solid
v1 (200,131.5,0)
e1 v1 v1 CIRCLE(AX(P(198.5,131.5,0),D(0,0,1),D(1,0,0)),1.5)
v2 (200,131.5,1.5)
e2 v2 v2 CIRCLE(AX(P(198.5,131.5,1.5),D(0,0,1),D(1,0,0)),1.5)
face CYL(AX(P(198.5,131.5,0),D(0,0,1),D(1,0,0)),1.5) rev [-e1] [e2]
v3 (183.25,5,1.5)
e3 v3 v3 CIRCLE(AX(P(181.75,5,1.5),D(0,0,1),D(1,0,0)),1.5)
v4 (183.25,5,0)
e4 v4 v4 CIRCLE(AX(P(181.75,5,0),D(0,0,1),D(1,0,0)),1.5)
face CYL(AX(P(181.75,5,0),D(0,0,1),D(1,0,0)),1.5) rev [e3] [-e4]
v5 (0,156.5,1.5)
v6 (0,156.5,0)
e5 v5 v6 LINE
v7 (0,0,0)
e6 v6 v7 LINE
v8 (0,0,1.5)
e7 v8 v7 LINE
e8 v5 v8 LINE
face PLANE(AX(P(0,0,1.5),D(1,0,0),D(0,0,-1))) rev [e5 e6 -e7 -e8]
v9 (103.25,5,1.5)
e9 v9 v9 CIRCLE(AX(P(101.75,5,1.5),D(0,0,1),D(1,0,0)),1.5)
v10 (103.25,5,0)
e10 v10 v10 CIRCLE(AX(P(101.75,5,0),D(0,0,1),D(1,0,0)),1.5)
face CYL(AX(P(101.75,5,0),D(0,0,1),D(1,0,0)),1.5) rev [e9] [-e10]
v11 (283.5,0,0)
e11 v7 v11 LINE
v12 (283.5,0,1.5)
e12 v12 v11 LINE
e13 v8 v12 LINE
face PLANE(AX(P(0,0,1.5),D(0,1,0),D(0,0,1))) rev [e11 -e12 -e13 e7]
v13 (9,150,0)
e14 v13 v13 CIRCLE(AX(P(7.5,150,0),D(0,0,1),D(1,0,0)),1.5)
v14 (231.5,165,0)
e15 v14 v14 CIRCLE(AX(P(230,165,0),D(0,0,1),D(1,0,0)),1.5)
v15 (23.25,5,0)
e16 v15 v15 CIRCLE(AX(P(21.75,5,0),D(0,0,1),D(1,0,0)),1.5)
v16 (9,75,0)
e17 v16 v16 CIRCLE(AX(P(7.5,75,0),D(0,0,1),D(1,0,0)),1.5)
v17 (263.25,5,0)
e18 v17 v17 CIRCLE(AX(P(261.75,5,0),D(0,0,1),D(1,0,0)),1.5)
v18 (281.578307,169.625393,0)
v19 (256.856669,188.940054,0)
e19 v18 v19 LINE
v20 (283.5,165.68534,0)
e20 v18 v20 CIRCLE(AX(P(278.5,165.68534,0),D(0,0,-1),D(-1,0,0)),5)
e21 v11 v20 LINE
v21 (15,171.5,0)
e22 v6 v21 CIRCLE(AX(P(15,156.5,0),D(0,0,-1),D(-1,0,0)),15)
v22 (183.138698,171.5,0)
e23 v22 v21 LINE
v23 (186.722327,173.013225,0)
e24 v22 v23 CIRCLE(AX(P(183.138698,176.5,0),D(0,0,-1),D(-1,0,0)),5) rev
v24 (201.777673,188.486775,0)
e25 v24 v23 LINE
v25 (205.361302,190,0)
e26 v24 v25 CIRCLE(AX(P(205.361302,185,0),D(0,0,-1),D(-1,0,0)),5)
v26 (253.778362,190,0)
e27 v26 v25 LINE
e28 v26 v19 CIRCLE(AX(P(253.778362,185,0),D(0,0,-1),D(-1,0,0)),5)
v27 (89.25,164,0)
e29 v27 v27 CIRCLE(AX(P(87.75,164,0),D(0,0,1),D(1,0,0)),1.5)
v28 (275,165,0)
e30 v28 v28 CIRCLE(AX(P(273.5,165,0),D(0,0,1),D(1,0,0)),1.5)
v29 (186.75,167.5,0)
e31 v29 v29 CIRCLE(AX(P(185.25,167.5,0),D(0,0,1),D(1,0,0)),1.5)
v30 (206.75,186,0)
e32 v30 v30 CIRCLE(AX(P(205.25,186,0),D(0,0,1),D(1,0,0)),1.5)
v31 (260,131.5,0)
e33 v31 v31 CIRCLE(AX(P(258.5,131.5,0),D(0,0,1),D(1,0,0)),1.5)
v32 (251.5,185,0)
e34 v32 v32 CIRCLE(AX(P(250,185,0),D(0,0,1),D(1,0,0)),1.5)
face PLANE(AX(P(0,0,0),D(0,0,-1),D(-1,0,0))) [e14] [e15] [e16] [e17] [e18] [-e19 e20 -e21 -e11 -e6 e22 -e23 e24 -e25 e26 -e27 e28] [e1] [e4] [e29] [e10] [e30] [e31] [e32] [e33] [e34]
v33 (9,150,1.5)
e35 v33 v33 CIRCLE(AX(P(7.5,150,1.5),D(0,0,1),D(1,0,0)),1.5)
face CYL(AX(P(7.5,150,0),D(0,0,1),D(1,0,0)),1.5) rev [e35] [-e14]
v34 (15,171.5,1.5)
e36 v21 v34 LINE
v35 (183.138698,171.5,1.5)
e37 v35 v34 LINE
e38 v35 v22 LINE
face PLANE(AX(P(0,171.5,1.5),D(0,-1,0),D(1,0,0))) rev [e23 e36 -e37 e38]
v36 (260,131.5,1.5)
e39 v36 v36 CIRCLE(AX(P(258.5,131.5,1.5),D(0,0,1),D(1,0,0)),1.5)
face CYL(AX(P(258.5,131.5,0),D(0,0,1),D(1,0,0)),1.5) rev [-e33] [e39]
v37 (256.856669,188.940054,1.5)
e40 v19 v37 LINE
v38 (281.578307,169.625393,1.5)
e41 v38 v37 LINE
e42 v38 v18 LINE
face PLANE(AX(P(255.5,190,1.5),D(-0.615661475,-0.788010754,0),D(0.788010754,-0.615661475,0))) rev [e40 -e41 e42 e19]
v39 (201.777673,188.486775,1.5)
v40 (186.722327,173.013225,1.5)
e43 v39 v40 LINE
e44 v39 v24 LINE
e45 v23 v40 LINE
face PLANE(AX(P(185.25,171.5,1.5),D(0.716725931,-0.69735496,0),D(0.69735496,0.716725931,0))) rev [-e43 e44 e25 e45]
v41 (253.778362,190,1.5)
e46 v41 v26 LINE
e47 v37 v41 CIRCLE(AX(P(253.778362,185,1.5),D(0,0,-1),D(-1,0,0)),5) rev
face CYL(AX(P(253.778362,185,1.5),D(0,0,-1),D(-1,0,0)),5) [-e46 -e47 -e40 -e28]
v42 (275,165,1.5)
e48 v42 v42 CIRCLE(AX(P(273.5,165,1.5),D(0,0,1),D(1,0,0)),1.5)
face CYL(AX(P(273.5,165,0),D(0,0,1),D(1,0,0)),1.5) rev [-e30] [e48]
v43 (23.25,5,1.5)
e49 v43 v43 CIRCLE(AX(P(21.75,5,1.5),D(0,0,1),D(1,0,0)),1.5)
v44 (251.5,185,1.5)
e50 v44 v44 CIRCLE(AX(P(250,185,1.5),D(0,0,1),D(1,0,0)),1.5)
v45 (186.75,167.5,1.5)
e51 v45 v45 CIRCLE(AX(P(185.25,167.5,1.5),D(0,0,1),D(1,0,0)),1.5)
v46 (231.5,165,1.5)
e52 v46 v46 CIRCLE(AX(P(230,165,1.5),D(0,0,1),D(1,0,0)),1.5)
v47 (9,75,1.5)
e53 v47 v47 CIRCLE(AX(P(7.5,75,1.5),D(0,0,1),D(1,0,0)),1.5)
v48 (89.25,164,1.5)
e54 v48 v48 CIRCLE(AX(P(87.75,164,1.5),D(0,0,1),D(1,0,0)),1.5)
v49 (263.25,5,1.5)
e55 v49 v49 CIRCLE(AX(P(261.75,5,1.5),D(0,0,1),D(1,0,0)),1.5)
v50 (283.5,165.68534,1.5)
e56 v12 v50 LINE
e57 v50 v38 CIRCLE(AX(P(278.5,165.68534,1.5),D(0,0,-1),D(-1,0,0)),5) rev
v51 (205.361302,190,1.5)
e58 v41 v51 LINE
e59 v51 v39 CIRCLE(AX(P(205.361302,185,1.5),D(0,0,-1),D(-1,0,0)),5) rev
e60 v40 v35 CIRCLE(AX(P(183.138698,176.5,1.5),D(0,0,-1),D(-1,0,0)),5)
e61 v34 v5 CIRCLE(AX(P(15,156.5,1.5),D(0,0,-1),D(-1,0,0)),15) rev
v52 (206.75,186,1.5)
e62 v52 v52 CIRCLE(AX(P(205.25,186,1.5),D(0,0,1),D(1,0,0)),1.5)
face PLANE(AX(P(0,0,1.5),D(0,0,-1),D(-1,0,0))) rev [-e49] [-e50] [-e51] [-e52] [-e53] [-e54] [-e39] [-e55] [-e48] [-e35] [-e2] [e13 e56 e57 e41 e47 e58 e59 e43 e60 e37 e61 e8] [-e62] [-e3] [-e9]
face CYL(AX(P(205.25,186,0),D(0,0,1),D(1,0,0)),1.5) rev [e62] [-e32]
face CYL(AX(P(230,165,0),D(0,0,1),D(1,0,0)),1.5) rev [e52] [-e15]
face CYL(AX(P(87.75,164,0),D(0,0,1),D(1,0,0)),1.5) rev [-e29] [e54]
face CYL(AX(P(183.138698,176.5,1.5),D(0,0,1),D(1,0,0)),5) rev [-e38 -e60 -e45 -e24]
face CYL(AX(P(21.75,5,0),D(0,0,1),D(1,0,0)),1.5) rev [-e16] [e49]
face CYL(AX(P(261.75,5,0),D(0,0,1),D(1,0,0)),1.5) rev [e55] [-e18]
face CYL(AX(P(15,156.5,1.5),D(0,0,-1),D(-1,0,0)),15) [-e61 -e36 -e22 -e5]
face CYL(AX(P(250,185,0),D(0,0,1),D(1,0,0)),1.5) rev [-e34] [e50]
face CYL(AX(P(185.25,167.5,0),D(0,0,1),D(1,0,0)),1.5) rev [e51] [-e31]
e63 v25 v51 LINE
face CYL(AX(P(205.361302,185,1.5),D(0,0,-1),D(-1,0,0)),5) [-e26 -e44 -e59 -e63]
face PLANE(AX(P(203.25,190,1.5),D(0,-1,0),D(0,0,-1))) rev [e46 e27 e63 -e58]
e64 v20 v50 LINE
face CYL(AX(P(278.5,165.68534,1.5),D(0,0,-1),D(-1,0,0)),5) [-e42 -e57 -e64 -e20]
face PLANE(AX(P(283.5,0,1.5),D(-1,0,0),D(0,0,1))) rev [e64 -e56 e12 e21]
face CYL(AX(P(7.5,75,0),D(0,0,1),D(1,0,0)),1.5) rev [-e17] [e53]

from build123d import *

# Parameters (mm, degrees)
BOSS_EXTRU_1_DEPTH      = 1.5
ESQUISSE2_R             = 1.5
ENL_V_MAT_EXTRU_1_DEPTH = 342.283606404
CONG_1_R                = 5
CONG_2_R                = 15
ESQUISSE3_R             = 1.5
ENL_V_MAT_EXTRU_2_DEPTH = 342.283606404


with BuildPart() as part:
    # Esquisse1 → Boss.-Extru.1 (new body)
    with BuildSketch(Plane.XY):
        Polygon((185.25, 171.5), (203.25, 190), (255.5, 190), (283.5, 168.124002458), (283.5, 0), (0, 0), (0, 171.5), align=None)
    extrude(amount=BOSS_EXTRU_1_DEPTH)

    # Esquisse2 → Enlèv. mat.-Extru.1 (cut, through all)
    with BuildSketch(Plane.XY.offset(1.5)):
        with Locations((261.75, 5)):
            Circle(ESQUISSE2_R)
        with Locations((181.75, 5)):
            Circle(ESQUISSE2_R)
        with Locations((101.75, 5)):
            Circle(ESQUISSE2_R)
        with Locations((21.75, 5)):
            Circle(ESQUISSE2_R)
        with Locations((7.5, 75)):
            Circle(ESQUISSE2_R)
        with Locations((7.5, 150)):
            Circle(ESQUISSE2_R)
        with Locations((87.75, 164)):
            Circle(ESQUISSE2_R)
        with Locations((185.25, 167.5)):
            Circle(ESQUISSE2_R)
        with Locations((205.25, 186)):
            Circle(ESQUISSE2_R)
        with Locations((230, 165)):
            Circle(ESQUISSE2_R)
        with Locations((250, 185)):
            Circle(ESQUISSE2_R)
        with Locations((273.5, 165)):
            Circle(ESQUISSE2_R)
    extrude(amount=-ENL_V_MAT_EXTRU_1_DEPTH, mode=Mode.SUBTRACT)

    # Congé1
    cong_1_edges = [part.edges().sort_by_distance(p)[0] for p in [
        (185.25, 171.5, 0.75),
        (203.25, 190, 0.75),
        (255.5, 190, 0.75),
        (283.5, 168.124002458, 0.75),
    ]]
    fillet(cong_1_edges, radius=CONG_1_R)

    # Congé2
    cong_2_edges = [part.edges().sort_by_distance(p)[0] for p in [
        (0, 171.5, 0.75),
    ]]
    fillet(cong_2_edges, radius=CONG_2_R)

    # Esquisse3 → Enlèv. mat.-Extru.2 (cut, through all)
    with BuildSketch(Plane.XY.offset(1.5)):
        with Locations((198.5, 131.5)):
            Circle(ESQUISSE3_R)
        with Locations((258.5, 131.5)):
            Circle(ESQUISSE3_R)
    extrude(amount=-ENL_V_MAT_EXTRU_2_DEPTH, mode=Mode.SUBTRACT)


solid = part.part
